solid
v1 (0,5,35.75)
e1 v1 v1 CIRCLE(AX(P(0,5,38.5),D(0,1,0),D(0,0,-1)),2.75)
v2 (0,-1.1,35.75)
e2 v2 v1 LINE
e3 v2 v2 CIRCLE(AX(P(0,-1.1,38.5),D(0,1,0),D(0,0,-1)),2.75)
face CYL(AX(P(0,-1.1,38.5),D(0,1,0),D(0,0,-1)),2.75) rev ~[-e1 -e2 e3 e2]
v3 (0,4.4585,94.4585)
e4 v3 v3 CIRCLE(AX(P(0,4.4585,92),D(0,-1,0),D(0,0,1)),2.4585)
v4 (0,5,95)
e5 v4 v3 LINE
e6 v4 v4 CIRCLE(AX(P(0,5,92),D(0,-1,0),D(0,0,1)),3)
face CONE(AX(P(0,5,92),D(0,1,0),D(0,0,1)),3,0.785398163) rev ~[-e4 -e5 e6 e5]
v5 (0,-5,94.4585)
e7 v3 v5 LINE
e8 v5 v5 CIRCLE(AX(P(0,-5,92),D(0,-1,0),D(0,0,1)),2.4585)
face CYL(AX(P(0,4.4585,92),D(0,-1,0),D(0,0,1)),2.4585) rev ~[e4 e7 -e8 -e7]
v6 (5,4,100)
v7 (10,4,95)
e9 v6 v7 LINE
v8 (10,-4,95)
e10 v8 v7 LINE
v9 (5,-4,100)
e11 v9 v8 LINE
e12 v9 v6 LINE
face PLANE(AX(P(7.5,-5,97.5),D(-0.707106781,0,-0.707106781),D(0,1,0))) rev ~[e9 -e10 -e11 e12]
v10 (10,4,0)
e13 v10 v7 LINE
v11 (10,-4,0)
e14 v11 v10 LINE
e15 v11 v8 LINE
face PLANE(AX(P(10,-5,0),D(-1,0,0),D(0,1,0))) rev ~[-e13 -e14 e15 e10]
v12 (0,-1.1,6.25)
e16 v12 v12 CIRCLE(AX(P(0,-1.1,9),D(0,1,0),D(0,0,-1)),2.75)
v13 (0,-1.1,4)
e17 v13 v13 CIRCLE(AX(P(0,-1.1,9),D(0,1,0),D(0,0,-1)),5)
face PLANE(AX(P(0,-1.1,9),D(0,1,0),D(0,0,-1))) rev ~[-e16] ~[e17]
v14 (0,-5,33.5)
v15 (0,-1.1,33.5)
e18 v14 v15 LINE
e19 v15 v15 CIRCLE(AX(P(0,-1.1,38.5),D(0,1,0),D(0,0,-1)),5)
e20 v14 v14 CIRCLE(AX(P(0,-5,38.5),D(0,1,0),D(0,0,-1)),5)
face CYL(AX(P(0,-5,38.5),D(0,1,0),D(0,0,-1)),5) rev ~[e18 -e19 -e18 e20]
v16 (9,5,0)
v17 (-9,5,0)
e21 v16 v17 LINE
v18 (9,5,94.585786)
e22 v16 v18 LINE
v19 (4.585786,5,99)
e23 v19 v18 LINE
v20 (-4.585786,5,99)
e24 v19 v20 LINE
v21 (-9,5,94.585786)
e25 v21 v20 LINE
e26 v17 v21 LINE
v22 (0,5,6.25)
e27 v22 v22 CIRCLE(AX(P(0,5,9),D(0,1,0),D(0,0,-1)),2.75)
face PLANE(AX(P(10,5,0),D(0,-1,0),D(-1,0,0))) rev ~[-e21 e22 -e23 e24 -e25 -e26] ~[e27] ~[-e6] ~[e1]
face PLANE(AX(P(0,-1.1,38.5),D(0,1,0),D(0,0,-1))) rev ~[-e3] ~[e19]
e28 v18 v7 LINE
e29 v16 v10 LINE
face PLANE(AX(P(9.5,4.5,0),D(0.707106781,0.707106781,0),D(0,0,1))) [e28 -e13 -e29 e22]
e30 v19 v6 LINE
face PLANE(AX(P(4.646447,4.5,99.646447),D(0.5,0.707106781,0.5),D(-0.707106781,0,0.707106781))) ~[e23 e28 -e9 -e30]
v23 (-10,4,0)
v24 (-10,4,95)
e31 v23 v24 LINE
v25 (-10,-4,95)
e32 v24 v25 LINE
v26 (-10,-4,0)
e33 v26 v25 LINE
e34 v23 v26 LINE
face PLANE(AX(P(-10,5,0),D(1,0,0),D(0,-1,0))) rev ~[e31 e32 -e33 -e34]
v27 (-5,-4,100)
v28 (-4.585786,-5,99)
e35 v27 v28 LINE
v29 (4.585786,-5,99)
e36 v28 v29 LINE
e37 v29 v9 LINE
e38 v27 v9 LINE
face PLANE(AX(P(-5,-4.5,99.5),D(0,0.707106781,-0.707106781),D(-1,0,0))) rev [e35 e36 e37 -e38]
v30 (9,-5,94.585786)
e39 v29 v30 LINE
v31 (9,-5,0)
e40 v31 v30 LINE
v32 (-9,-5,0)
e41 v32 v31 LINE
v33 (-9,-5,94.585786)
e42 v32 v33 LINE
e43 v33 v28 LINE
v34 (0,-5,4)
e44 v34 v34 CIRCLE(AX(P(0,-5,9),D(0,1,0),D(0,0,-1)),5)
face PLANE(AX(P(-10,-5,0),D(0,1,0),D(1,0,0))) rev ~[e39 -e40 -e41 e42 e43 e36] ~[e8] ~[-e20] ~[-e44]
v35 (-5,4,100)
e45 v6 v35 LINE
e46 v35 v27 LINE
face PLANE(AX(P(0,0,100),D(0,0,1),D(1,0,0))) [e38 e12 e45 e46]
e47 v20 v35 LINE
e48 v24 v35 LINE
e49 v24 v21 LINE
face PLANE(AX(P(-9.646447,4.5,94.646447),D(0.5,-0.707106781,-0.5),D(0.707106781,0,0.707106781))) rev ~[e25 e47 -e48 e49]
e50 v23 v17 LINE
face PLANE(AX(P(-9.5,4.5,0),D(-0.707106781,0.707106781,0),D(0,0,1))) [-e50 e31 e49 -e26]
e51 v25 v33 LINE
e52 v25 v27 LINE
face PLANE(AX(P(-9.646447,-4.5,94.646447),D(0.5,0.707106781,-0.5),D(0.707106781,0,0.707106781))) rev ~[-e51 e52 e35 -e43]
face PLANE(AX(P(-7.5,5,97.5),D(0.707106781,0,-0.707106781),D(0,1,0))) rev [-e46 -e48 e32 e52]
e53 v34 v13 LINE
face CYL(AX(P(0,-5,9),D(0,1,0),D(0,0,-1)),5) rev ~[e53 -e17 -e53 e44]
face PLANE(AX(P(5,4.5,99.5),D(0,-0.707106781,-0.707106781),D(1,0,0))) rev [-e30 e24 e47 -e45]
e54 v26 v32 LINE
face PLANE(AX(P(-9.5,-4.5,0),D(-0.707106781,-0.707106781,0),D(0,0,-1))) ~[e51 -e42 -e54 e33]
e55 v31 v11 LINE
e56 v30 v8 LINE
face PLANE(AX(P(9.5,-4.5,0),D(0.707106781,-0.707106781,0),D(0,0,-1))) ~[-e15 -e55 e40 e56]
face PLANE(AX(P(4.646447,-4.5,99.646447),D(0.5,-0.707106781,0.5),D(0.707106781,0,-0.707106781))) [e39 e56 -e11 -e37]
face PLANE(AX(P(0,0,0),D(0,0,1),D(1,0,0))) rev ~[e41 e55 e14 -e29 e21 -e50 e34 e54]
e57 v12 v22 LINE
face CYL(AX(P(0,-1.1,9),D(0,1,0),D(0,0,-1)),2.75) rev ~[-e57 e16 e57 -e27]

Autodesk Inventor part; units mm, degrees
ref_plane "YZ Plane" through (0, 0, 0) normal (1, 0, 0) x (0, 1, 0)
ref_plane "XZ Plane" through (0, 0, 0) normal (0, 1, 0) x (-1, 0, 0)
ref_plane "XY Plane" through (0, 0, 0) normal (0, 0, 1) x (1, 0, 0)
sketch "Skizze8" plane through (0, 0, 0) normal (0, 0, 1) x (1, 0, 0)
  line L0 (-10, -5) -> (10, -5)
  line L1 (10, -5) -> (10, 5)
  line L2 (10, 5) -> (-10, 5)
  line L3 (-10, 5) -> (-10, -5)
  line L4 (-10, -5) -> (10, 5) construction
  line L5 (10, -5) -> (-10, 5) construction
  point P0 (0, 0)
  dimension "d49" = 10
  dimension "d50" = 20
extrude "Grundkörper" add sketch "Skizze8" along normal blind 100
sketch "Skizze9" plane through (-10, -5, 0) normal (0, -1, 0) x (1, 0, 0)
  line L0 (10, 120) -> (10, -20) construction
  line L1 (0, 0) -> (20, 0) construction
  point P0 (10, 0)
  point P1 (10, 9)
  point P2 (10, 38.5)
  dimension "d53" = 9
  dimension "d54" = 38.5
hole "DIN7984_M5" at (0, -5, 9) at (0, -5, 38.5) direction (0, 1, 0) diameter 5.5 end through all counterbore diameter 10 counterbore depth 3.9
sketch "Skizze10" plane through (-10, 5, 0) normal (0, 1, 0) x (1, 0, 0)
  line L0 (10, 20) -> (10, -120) construction
  line L1 (20, -100) -> (0, -100) projected
  point P0 (10, 0)
  point P1 (10, -92)
  dimension "d62" = 8
hole "M6" at (0, 5, 92) direction (0, -1, 0) diameter 4.917 end through all countersink diameter 6 countersink angle 90 thread size "M6x1" class "6H" standard "ISO Metric profile"
chamfer "Fase_Abschraegung" distance 5 angle 45 2 edges at (-10, 0, 100) (10, 0, 100)
chamfer "Fase_Allgemein" distance 1 angle 45 10 edges at (-10, -5, 47.5) (-7.5, -5, 97.5) (0, -5, 100) (7.5, -5, 97.5) (10, -5, 47.5) (-10, 5, 47.5) (-7.5, 5, 97.5) (0, 5, 100) (7.5, 5, 97.5) (10, 5, 47.5)
properties part number "200-60-DIFFERENTIAL-BAR-01" material "Aluminium 6061"
